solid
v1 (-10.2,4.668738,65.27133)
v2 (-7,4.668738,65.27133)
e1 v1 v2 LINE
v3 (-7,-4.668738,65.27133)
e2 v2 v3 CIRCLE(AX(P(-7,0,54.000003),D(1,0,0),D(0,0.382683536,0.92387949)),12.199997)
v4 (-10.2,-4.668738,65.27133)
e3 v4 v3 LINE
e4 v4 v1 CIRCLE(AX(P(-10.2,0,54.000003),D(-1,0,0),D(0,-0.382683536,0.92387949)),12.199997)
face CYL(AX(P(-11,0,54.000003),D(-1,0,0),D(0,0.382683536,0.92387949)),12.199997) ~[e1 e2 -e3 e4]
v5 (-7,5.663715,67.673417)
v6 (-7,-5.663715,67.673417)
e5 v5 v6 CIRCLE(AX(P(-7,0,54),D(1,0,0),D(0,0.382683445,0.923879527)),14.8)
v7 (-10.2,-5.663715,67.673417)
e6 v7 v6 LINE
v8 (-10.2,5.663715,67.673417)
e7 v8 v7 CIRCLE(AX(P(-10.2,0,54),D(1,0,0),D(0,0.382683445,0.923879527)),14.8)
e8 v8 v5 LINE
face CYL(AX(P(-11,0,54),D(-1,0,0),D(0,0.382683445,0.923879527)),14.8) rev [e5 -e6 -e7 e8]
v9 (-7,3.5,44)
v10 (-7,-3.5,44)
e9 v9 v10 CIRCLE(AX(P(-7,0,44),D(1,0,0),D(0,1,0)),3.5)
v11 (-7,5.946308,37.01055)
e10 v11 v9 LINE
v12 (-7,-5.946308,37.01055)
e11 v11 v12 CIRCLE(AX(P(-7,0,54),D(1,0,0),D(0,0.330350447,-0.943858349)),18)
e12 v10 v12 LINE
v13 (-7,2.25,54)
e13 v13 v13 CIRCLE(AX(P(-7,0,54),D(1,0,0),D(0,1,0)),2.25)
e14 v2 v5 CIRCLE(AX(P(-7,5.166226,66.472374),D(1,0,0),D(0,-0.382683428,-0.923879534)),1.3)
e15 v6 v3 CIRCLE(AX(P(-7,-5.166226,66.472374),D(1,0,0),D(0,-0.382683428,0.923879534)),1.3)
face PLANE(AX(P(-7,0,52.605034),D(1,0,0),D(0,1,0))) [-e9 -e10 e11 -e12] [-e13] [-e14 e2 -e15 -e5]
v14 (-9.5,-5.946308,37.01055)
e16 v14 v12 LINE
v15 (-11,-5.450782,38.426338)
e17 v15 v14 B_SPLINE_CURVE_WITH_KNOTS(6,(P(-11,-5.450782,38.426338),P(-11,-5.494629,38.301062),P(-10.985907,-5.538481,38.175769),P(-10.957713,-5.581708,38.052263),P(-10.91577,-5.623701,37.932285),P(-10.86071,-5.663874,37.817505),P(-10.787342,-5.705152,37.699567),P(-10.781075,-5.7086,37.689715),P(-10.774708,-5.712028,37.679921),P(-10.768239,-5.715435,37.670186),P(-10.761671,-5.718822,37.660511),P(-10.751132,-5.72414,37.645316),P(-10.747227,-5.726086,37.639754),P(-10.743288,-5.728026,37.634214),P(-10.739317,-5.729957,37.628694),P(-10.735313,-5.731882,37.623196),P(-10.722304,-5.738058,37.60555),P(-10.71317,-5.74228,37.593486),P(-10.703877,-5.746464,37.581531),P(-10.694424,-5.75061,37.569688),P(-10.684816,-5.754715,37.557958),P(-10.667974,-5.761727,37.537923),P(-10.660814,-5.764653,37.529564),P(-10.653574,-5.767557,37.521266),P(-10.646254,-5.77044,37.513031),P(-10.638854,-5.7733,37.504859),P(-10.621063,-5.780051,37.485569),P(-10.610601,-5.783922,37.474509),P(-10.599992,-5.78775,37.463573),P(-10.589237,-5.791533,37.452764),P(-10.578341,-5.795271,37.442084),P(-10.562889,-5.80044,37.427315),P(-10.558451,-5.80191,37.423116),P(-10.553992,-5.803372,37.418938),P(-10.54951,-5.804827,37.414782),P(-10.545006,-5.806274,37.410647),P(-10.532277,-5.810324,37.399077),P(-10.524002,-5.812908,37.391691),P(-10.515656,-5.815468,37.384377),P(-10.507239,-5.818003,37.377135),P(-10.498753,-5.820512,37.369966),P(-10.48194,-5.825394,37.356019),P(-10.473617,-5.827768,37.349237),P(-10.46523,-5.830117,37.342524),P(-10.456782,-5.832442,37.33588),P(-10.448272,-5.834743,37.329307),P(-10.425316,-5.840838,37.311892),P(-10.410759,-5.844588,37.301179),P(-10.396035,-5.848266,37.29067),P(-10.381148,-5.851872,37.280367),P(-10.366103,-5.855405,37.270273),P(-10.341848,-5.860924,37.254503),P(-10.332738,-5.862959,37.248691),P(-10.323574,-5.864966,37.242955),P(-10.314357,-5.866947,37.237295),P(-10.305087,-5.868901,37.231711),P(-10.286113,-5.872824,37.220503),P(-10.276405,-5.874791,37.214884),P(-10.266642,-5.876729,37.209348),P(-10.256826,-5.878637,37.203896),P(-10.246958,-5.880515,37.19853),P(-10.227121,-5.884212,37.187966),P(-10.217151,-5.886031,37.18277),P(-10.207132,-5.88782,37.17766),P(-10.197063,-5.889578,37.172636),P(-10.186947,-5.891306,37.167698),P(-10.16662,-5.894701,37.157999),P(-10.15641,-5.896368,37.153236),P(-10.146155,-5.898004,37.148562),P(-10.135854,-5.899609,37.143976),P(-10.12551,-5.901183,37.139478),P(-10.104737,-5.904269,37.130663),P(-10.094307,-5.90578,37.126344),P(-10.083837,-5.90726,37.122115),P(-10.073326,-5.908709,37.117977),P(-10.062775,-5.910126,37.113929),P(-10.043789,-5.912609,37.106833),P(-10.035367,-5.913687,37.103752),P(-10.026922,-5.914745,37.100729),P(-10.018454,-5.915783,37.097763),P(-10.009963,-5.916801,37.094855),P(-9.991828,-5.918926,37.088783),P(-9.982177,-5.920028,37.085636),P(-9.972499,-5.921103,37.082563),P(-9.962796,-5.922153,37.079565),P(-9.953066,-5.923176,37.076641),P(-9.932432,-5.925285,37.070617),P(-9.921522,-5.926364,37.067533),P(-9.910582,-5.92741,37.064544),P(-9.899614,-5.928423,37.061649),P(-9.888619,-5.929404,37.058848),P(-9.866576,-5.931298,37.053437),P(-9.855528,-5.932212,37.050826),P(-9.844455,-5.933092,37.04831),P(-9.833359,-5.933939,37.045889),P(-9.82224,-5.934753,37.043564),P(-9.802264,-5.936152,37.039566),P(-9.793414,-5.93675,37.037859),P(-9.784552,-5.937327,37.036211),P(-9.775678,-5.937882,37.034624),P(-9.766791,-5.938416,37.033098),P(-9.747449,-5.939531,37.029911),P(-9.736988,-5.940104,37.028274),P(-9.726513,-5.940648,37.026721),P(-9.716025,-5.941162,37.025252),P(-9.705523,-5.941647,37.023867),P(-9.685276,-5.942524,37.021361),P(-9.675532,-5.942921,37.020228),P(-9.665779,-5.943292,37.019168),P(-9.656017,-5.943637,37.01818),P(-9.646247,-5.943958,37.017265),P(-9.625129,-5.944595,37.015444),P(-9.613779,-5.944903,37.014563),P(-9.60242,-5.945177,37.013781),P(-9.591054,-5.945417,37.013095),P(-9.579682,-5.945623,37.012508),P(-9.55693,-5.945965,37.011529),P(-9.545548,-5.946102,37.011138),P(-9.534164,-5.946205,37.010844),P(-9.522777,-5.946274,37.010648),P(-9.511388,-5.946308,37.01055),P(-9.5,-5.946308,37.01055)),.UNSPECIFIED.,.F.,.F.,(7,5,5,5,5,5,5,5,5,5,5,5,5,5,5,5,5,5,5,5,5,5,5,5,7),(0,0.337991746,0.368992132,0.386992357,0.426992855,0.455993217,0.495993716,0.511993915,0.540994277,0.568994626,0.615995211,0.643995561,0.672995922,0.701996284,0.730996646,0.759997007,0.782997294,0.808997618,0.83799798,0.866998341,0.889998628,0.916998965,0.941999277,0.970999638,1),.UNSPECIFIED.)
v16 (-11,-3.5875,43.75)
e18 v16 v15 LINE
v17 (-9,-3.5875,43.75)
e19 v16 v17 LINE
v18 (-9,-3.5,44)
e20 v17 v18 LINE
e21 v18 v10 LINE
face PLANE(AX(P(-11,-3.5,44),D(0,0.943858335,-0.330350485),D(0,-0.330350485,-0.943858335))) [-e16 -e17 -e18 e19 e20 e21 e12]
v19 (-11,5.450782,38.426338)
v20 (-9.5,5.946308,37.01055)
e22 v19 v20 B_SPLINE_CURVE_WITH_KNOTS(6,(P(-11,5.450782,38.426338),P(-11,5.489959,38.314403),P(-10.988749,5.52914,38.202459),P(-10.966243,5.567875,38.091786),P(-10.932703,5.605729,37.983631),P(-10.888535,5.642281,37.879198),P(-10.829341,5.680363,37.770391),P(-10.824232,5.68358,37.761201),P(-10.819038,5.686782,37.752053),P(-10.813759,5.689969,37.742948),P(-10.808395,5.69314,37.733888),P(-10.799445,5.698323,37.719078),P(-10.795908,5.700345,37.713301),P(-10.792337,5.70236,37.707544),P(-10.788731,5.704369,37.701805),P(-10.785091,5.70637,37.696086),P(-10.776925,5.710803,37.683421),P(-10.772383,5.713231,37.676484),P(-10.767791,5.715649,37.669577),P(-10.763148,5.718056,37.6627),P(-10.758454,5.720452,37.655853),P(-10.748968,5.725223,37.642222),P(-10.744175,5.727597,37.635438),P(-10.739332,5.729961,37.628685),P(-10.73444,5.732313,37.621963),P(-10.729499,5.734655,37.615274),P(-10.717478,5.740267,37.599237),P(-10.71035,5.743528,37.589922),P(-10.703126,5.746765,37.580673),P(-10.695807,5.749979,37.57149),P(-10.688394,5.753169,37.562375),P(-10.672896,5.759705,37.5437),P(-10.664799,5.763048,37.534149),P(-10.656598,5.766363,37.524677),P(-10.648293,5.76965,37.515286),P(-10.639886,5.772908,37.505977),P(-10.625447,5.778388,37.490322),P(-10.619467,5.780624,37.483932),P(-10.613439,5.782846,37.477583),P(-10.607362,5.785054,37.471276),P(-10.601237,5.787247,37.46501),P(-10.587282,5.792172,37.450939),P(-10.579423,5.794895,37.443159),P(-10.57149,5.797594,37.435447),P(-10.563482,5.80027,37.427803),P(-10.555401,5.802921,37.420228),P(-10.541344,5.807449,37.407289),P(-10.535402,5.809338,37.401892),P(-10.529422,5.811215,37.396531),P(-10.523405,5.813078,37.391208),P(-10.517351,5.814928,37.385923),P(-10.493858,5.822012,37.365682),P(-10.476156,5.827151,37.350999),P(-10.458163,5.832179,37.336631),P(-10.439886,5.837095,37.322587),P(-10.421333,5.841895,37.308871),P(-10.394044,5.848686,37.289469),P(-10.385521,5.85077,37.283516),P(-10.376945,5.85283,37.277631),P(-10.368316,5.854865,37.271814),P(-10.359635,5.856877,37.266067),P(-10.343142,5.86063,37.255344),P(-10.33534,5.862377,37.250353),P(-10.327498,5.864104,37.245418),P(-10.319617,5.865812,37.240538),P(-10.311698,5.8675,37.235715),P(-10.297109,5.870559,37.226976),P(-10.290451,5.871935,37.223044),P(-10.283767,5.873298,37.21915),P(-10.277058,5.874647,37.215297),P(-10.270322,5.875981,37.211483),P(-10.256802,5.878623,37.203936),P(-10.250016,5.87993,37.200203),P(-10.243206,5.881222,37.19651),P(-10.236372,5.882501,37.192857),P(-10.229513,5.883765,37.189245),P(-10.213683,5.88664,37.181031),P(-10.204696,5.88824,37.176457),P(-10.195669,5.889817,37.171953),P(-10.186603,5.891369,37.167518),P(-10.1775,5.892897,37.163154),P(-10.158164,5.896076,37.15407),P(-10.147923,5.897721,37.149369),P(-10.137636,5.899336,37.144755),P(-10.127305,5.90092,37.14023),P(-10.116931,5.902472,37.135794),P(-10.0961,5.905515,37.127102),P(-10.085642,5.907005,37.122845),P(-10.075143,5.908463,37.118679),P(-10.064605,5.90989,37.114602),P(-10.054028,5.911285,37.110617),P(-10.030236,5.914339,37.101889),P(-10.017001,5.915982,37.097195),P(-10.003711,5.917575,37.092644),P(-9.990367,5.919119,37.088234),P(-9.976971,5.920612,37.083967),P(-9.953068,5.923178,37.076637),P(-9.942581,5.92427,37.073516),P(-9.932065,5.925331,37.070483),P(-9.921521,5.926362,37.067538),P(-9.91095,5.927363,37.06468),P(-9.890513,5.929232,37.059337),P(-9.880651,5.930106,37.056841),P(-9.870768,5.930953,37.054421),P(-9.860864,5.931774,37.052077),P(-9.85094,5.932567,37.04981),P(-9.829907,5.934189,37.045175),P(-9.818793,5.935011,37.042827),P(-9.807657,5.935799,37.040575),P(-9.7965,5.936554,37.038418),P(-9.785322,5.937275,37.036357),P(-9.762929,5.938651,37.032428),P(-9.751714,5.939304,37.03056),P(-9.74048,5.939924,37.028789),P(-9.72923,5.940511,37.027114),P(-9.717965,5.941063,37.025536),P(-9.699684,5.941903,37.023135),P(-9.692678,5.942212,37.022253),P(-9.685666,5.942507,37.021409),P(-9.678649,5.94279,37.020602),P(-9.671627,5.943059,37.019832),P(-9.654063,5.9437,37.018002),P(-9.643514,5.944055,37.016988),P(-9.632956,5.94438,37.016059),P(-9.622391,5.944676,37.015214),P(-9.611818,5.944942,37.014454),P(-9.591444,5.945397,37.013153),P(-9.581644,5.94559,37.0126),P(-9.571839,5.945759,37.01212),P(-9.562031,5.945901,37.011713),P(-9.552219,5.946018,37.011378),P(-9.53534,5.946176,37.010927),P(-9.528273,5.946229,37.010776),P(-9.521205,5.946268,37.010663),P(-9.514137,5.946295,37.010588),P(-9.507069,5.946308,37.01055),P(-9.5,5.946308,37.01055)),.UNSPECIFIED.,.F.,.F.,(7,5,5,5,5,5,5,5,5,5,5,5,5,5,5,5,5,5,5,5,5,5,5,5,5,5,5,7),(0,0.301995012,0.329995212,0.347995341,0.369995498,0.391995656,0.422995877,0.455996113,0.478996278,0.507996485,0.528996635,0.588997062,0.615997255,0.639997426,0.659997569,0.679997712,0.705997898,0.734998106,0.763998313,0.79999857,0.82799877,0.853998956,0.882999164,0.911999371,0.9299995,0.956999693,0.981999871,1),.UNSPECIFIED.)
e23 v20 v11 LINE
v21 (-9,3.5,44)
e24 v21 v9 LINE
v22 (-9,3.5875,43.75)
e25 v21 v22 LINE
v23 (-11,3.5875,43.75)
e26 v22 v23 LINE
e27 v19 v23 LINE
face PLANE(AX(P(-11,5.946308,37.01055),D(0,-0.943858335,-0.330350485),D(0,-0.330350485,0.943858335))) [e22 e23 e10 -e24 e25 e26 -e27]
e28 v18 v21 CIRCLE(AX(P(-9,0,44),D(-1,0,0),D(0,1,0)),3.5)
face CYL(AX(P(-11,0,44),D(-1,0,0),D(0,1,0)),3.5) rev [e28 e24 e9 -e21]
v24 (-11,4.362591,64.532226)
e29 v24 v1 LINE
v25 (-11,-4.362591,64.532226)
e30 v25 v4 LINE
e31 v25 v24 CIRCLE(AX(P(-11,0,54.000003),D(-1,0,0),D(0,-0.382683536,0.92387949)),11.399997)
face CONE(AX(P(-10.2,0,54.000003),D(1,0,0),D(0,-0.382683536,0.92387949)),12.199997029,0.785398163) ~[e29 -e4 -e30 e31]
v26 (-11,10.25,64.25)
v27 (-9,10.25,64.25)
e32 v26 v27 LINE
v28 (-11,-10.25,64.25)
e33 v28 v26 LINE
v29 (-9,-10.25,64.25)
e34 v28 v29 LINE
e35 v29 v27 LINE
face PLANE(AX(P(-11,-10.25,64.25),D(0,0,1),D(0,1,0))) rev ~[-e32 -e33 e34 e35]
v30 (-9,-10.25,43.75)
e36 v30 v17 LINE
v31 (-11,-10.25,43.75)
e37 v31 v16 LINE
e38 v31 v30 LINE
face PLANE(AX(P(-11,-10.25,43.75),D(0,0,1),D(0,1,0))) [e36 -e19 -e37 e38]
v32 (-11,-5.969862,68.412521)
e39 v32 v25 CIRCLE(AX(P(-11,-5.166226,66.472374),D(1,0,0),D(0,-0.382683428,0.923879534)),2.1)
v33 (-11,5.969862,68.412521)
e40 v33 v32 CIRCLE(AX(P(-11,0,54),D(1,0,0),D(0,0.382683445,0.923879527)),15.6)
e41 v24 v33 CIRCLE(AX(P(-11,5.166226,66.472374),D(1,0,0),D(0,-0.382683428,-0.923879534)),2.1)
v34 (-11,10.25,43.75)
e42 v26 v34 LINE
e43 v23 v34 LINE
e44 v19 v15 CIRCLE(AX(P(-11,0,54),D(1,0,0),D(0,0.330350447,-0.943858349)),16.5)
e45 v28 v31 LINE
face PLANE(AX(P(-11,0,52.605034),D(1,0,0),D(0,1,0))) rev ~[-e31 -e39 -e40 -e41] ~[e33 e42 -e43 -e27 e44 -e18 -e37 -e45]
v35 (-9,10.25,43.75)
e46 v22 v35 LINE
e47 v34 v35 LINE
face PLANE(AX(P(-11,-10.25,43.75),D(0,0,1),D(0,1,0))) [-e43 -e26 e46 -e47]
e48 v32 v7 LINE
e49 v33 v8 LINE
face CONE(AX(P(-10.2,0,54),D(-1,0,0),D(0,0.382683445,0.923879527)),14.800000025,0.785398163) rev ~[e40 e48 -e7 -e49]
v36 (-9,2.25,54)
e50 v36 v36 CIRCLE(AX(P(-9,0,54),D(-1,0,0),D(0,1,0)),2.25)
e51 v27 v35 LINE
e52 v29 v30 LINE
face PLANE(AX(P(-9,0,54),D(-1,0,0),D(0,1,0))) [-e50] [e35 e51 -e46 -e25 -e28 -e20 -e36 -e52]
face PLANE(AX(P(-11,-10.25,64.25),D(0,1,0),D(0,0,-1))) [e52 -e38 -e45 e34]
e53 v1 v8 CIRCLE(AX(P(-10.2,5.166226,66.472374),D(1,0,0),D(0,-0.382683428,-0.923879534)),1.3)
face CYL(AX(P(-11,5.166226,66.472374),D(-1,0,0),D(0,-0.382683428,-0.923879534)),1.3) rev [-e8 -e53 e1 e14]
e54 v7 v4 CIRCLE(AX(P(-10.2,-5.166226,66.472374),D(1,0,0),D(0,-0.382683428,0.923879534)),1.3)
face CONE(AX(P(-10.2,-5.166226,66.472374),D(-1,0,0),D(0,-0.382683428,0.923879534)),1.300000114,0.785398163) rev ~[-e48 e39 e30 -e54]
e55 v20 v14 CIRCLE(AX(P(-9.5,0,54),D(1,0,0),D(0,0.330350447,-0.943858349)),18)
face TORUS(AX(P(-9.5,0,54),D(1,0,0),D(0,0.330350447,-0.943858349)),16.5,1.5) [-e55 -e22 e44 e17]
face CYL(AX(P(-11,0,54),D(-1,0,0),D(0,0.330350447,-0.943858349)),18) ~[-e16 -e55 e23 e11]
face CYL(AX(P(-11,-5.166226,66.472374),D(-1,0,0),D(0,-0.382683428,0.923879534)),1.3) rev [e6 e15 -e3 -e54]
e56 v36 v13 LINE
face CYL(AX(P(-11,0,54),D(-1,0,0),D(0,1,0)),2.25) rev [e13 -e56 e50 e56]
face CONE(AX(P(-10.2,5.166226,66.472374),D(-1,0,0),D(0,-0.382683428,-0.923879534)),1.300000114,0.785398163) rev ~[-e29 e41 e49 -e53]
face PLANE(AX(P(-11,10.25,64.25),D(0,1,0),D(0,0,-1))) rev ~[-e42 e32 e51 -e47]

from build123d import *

# Parameters (mm, degrees)
SKETCH176_R     = 2.25
PAD098_DEPTH    = 4
SKETCH177_W     = 20.5
SKETCH177_H     = 20.5
POCKET040_DEPTH = 2
CHAMFER002_SIZE = 0.8
FILLET008_R     = 1.5


with BuildPart() as part:
    # Sketch176 → Pad098 (new body)
    with BuildSketch(Plane.YZ):
        with BuildLine():
            ThreePointArc((5.946308, -16.98945), (0, 18), (-5.946308, -16.98945))
            Line((-3.5, -10), (-5.946308, -16.98945))
            ThreePointArc((3.5, -10), (0, -6.5), (-3.5, -10))
            Line((5.946308, -16.98945), (3.5, -10))
        make_face()
        Circle(SKETCH176_R, mode=Mode.SUBTRACT)
        with BuildLine():
            ThreePointArc((-5.663715, 13.673417), (-6.36727, 11.974885), (-4.668738, 11.27133))
            ThreePointArc((4.668738, 11.27133), (0, 12.2), (-4.668738, 11.27133))
            ThreePointArc((4.668738, 11.27133), (6.36727, 11.974885), (5.663715, 13.673417))
            ThreePointArc((5.663715, 13.673417), (0, 14.8), (-5.663715, 13.673417))
        make_face(mode=Mode.SUBTRACT)
    extrude(amount=PAD098_DEPTH)

    # Sketch177 (on Face10 of Pad098) → Pocket040 (cut)
    with BuildSketch(Plane(origin=(0, 0, 0), x_dir=(0, 1, 0), z_dir=(-1, 0, 0))):
        Rectangle(SKETCH177_W, SKETCH177_H)
    extrude(amount=-POCKET040_DEPTH, mode=Mode.SUBTRACT)

    # Chamfer002
    chamfer002_edges = [part.edges().sort_by_distance(p)[0] for p in [
        (0, 6.36727, 11.974885),
        (0, 0, 14.8),
        (0, 0, 12.2),
        (0, -6.36727, 11.974885),
    ]]
    chamfer(chamfer002_edges, length=CHAMFER002_SIZE)

    # Fillet008
    fillet008_edges = [part.edges().sort_by_distance(p)[0] for p in [
        (0, 0, 18),
    ]]
    fillet(fillet008_edges, radius=FILLET008_R)


with BuildPart() as part_1:
    # Body140 placement: moved
    add(part.part.moved(Location((-11, 0, 54))))


solid = part_1.part
